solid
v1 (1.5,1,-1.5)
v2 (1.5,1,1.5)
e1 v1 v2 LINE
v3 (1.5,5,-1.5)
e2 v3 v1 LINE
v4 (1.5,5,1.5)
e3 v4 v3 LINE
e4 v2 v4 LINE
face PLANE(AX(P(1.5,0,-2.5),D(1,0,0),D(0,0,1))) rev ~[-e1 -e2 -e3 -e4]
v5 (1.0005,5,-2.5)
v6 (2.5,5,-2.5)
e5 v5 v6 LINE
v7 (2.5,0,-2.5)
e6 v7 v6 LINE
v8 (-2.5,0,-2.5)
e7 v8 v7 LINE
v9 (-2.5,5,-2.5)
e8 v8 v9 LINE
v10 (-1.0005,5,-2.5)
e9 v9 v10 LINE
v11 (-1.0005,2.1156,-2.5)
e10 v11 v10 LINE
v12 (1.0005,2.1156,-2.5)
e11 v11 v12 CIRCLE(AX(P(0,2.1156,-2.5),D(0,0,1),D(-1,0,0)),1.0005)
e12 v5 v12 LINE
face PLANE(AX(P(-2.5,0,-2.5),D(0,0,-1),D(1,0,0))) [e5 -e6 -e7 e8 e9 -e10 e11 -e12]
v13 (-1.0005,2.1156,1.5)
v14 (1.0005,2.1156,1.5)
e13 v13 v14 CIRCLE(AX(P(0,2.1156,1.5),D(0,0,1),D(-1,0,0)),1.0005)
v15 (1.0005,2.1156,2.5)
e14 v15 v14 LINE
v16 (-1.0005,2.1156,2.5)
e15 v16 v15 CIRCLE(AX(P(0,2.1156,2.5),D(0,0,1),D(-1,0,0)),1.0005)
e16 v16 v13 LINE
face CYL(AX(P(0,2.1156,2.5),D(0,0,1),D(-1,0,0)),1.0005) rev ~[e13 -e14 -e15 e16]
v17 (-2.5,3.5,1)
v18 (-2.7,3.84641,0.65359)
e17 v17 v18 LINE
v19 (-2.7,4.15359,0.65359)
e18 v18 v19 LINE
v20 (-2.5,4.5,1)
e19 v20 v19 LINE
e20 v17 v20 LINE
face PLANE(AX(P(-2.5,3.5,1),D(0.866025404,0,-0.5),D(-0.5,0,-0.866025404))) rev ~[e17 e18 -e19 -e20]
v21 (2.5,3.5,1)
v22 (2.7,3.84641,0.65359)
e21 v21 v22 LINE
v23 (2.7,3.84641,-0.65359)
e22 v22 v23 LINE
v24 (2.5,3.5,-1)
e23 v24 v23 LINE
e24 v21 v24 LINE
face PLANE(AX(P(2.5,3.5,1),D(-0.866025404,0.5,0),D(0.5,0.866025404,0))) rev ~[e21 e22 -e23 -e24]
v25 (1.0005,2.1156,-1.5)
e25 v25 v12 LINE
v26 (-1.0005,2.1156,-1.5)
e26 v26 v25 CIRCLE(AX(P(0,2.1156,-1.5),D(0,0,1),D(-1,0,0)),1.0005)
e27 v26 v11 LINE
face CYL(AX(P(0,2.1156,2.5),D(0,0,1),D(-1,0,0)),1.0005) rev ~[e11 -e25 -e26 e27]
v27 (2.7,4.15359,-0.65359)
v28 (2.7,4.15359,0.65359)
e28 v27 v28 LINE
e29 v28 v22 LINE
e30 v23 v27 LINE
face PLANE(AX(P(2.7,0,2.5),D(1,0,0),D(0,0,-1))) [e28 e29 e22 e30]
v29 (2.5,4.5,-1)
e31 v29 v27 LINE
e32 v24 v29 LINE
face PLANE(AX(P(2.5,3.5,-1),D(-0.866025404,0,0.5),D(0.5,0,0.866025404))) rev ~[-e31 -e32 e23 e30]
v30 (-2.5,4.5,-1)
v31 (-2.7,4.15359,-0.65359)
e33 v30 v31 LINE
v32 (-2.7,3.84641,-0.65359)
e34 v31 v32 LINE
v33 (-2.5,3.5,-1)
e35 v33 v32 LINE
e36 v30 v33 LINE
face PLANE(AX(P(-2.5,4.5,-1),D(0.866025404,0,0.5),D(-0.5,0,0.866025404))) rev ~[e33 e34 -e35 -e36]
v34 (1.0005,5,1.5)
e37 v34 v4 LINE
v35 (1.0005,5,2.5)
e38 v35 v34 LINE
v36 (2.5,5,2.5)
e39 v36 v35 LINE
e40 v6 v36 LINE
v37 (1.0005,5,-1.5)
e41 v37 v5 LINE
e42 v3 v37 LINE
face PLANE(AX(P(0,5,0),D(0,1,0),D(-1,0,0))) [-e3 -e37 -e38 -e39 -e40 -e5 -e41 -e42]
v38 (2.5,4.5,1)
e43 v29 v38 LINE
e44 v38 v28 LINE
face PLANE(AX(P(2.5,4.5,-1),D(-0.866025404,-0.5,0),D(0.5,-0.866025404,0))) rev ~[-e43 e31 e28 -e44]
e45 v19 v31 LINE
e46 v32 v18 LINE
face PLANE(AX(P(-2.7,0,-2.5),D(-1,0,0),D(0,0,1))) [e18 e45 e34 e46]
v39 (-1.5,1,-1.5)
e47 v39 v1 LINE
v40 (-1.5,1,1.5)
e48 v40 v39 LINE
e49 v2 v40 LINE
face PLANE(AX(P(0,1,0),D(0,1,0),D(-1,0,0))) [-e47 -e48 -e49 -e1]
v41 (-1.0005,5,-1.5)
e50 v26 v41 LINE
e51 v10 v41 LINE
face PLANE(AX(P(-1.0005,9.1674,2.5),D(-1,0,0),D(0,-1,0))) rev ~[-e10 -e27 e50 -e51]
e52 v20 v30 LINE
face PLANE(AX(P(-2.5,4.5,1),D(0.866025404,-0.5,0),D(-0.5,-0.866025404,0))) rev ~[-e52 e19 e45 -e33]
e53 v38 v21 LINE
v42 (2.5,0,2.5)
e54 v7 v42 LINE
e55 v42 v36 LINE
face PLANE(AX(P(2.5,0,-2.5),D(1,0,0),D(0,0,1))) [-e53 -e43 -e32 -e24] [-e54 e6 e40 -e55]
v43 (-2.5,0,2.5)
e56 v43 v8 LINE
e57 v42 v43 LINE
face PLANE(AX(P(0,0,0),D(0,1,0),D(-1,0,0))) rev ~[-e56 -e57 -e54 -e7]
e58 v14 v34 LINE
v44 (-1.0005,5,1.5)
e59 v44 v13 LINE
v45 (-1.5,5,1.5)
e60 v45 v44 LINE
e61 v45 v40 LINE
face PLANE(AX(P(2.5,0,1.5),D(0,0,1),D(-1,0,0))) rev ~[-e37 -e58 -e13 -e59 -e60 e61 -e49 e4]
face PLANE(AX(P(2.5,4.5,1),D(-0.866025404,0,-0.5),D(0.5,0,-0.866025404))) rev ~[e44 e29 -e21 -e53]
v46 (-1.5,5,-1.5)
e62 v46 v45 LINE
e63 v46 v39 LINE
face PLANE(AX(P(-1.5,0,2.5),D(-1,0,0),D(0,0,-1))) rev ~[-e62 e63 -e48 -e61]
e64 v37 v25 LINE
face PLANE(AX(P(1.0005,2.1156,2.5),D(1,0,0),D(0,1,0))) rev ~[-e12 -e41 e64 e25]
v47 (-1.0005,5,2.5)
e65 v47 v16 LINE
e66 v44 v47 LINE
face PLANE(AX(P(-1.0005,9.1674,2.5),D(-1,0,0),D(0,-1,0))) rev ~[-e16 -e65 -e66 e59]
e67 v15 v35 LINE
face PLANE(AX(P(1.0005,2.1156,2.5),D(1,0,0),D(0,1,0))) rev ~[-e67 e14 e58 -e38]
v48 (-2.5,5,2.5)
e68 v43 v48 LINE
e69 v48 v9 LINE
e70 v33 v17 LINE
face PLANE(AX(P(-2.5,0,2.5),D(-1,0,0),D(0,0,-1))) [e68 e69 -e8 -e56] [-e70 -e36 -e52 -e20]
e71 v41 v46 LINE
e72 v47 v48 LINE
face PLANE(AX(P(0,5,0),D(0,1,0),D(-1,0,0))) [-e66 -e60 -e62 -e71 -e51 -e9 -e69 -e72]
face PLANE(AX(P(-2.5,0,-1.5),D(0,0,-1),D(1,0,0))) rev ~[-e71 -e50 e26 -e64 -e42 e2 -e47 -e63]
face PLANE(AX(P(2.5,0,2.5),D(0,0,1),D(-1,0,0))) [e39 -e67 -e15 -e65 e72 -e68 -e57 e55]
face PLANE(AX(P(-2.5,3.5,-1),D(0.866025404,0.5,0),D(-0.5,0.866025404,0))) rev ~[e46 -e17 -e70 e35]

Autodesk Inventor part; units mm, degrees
ref_plane "YZ Plane" through (0, 0, 0) normal (1, 0, 0) x (0, 1, 0)
ref_plane "XZ Plane" through (0, 0, 0) normal (0, 1, 0) x (-1, 0, 0)
ref_plane "XY Plane" through (0, 0, 0) normal (0, 0, 1) x (1, 0, 0)
sketch "Sketch1" plane through (0, 0, 0) normal (0, 1, 0) x (-1, 0, 0)
  line L0 (-2.5, 2.5) -> (2.5, 2.5)
  line L1 (2.5, 2.5) -> (2.5, -2.5)
  line L2 (2.5, -2.5) -> (-2.5, -2.5)
  line L3 (-2.5, -2.5) -> (-2.5, 2.5)
  line L4 (-2.5, 2.5) -> (2.5, -2.5) construction
  line L5 (2.5, 2.5) -> (-2.5, -2.5) construction
  point P0 (0, 0)
  dimension "d0" = 5
  dimension "d1" = 5
extrude "Extrusion1" add sketch "Sketch1" along normal blind 5
shell "Shell1" thickness 1 removed faces 1 at (-0.8333, 5, -0.8333)
sketch "Sketch3" plane through (-2.5, 0, 2.5) normal (0, 0, 1) x (1, 0, 0)
  line L0 (2.5, 9.1674) -> (2.5, 2.1156) construction
  line L1 (1.4995, 9.1674) -> (1.4995, 2.1156)
  line L2 (3.5005, 2.1156) -> (3.5005, 9.1674)
  arc A0 (3.5005, 9.1674) -> (1.4995, 9.1674) centre (2.5, 9.1674) ccw
  arc A1 (1.4995, 2.1156) -> (3.5005, 2.1156) centre (2.5, 2.1156) ccw
  point P0 (2.5, 0)
  point P1 (2.5, 5.6415)
extrude "Extrusion3" cut sketch "Sketch3" against normal through all
sketch "Sketch4" plane through (0, 5, 0) normal (0, 1, 0) x (1, 0, 0)
  point P0 (0, 0)
sketch "Sketch5" plane through (0, 5, 0) normal (0, 1, 0) x (1, 0, 0)
  point P0 (0, 0)
sketch "Sketch6" plane through (0, 5, 0) normal (0, 1, 0) x (1, 0, 0)
  point P0 (0, 0)
sketch "Sketch7" plane through (0, 0, 0) normal (0, -1, 0) x (1, 0, 0)
  point P0 (0, 0)
sketch "Sketch8" plane through (-2.5, 0, -2.5) normal (-1, 0, 0) x (0, 0, 1)
  point P0 (2.5, 0)
sketch "Sketch9" plane through (2.5, 0, 2.5) normal (1, 0, 0) x (0, 0, -1)
  line L0 (1.5, 3.5) -> (3.5, 3.5)
  line L1 (3.5, 3.5) -> (3.5, 4.5)
  line L2 (3.5, 4.5) -> (1.5, 4.5)
  line L3 (1.5, 4.5) -> (1.5, 3.5)
  line L4 (1.5, 3.5) -> (3.5, 4.5) construction
  line L5 (3.5, 3.5) -> (1.5, 4.5) construction
  line L6 (0, 5) -> (5, 5) projected
  point P0 (2.5, 0)
  point P1 (2.5, 4)
  dimension "d10" = 1
  dimension "d14" = 2
  dimension "d15" = 1
extrude "Extrusion4" add sketch "Sketch9" along normal blind 0.2 draft -60
sketch "Sketch10" plane through (-2.5, 0, -2.5) normal (-1, 0, 0) x (0, 0, 1)
  line L0 (1.5, 3.5) -> (3.5, 3.5)
  line L1 (3.5, 3.5) -> (3.5, 4.5)
  line L2 (3.5, 4.5) -> (1.5, 4.5)
  line L3 (1.5, 4.5) -> (1.5, 3.5)
  line L4 (1.5, 3.5) -> (3.5, 4.5) construction
  line L5 (3.5, 3.5) -> (1.5, 4.5) construction
  line L6 (0, 5) -> (5, 5) projected
  point P0 (2.5, 0)
  point P1 (2.5, 4)
  dimension "d13" = 1
  dimension "d16" = 2
  dimension "d17" = 1
extrude "Extrusion5" add sketch "Sketch10" along normal blind 0.2 draft -60
equation "\"d16\" = d14"
equation "\"d17\" = d15"
properties part number "snapfit_v08"
